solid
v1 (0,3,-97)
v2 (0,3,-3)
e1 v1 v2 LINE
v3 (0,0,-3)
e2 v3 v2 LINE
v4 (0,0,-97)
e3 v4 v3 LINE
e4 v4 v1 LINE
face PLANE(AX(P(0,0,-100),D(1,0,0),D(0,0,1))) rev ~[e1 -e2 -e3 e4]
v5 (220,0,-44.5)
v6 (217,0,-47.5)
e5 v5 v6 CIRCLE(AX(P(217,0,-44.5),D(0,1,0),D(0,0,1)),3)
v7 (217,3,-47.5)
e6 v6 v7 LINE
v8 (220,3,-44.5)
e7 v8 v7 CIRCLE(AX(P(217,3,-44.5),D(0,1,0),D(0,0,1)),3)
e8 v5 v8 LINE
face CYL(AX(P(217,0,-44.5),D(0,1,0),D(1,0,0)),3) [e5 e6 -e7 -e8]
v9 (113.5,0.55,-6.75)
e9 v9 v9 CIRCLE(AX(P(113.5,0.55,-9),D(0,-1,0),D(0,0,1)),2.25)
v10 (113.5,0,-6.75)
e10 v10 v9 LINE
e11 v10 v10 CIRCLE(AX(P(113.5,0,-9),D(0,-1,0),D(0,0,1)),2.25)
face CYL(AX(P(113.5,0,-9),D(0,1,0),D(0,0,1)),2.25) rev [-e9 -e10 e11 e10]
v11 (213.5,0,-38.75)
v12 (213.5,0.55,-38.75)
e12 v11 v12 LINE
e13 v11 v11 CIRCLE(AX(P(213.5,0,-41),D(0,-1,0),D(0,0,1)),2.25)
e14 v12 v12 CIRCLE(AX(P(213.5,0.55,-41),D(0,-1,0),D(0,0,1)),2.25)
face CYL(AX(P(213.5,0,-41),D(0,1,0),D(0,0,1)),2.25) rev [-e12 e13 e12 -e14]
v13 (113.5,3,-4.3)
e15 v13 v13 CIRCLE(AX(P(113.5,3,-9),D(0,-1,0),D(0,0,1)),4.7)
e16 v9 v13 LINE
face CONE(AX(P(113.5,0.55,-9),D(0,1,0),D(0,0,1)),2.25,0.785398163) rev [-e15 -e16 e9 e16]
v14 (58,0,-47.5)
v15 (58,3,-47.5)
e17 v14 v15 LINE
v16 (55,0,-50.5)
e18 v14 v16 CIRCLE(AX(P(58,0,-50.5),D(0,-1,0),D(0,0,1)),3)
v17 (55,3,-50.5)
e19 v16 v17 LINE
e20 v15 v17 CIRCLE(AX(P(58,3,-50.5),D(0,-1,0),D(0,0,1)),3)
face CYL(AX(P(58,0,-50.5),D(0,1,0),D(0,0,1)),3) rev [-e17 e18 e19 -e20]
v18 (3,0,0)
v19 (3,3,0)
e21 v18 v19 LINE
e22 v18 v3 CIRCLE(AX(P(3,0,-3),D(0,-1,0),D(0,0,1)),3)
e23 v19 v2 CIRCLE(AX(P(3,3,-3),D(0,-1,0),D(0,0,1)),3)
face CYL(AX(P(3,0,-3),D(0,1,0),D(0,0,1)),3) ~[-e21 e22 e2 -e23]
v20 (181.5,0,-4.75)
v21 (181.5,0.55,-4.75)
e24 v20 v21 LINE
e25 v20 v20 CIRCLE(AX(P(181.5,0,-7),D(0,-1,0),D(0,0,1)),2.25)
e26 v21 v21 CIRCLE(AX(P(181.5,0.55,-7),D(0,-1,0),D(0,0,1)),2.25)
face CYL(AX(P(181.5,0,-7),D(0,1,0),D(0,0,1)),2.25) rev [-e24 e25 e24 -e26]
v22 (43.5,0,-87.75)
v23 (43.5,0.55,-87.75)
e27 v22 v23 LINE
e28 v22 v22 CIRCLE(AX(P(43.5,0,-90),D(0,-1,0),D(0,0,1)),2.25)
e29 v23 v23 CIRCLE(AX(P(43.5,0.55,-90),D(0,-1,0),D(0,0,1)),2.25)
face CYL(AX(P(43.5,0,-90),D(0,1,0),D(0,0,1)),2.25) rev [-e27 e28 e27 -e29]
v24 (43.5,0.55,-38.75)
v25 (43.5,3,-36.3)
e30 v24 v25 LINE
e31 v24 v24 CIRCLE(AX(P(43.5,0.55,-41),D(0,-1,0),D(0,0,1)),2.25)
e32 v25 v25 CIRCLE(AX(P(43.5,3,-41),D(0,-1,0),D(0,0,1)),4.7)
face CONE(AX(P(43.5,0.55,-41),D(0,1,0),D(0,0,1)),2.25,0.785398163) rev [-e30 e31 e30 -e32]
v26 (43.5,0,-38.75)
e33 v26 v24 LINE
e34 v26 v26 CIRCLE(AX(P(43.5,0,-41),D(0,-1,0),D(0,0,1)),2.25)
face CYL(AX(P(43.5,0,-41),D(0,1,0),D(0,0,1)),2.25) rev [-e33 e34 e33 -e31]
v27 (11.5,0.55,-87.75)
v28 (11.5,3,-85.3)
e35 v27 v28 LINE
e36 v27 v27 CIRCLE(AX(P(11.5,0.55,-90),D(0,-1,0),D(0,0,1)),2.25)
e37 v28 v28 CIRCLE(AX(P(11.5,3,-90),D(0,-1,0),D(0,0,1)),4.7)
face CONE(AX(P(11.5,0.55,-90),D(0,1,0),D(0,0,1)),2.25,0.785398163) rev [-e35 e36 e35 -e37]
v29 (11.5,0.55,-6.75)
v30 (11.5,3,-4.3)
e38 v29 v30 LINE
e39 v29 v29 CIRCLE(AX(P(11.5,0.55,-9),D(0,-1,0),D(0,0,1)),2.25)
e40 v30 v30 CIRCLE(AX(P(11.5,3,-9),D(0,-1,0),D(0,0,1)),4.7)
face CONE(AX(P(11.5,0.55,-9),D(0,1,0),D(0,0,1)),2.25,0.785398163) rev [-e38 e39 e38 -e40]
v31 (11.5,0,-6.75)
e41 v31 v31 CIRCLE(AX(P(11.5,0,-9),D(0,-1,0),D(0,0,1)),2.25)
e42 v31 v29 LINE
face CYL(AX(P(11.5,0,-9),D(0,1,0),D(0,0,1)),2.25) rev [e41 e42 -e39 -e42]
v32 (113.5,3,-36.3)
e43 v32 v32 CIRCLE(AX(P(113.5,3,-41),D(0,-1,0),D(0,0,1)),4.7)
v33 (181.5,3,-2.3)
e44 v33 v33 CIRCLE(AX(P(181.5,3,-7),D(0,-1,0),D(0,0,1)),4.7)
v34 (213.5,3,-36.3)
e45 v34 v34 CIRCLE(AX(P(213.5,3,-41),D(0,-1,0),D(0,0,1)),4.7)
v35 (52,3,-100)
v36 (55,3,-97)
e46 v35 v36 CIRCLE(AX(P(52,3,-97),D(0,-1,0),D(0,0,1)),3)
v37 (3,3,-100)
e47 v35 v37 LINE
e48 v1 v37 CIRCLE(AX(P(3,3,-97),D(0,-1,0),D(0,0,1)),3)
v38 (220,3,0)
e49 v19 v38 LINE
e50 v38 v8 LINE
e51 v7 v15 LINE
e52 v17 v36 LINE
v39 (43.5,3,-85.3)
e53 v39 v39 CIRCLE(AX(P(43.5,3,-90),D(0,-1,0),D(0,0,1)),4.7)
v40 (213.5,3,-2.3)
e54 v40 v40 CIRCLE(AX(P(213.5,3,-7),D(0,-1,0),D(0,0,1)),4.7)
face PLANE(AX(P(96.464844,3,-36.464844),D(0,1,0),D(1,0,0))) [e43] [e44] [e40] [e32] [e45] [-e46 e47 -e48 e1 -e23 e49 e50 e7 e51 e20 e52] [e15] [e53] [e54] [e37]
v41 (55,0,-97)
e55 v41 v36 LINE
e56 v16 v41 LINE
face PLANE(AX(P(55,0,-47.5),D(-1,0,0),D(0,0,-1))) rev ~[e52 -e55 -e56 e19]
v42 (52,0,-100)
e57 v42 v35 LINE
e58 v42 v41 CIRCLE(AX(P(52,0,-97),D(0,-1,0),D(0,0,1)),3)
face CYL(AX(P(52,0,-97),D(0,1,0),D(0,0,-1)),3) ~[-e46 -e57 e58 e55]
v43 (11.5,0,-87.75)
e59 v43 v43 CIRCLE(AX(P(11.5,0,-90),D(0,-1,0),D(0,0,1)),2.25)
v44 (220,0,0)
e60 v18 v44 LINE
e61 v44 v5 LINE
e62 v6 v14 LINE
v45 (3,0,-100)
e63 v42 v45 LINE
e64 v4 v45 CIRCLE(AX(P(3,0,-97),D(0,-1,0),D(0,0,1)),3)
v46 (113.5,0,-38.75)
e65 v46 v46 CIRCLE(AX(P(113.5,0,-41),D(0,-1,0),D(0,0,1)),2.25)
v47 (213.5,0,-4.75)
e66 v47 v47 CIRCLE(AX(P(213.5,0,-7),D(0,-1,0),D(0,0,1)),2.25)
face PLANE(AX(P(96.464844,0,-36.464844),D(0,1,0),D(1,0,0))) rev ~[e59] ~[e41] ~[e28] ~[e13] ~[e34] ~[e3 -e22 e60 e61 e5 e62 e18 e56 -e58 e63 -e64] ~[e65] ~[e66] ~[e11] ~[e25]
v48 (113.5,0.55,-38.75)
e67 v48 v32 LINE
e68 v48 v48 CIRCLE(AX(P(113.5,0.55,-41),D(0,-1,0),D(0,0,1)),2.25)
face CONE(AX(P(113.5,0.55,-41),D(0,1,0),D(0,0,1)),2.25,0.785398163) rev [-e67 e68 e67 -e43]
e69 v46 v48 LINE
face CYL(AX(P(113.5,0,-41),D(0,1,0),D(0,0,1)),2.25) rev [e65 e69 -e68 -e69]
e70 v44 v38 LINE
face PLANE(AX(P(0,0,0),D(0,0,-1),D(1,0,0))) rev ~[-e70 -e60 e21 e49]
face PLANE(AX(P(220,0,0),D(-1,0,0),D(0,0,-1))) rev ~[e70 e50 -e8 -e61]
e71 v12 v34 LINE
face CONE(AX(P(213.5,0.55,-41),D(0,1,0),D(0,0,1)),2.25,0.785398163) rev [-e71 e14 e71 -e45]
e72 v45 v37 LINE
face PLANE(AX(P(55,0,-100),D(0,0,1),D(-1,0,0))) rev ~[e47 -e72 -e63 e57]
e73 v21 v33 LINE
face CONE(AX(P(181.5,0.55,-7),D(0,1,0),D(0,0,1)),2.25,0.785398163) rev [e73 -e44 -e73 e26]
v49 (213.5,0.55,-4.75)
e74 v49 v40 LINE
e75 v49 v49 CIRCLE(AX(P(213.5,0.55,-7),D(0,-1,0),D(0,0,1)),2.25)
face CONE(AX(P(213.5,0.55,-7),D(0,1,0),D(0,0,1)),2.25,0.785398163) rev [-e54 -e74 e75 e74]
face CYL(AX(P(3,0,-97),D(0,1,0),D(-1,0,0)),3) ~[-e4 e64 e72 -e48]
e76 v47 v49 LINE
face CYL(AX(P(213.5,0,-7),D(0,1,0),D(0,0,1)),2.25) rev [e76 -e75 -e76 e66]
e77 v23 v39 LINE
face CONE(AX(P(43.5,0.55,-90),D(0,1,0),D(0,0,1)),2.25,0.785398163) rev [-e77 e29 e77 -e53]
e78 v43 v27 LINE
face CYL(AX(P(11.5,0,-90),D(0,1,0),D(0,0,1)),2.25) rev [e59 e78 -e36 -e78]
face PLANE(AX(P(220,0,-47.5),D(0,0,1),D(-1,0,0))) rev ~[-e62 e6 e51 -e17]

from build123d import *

# Parameters (mm, degrees)
EXTRUDE1_DEPTH                               = 3
CSK_FOR_M4_COUNTERSUNK_FLAT_HEAD_SCR_2_COUNT = 2
CSK_FOR_M4_COUNTERSUNK_FLAT_HEAD_SCR_2_PITCH = 81
CSK_FOR_M4_COUNTERSUNK_FLAT_HEAD_SCR_3_COUNT = 2
CSK_FOR_M4_COUNTERSUNK_FLAT_HEAD_SCR_3_PITCH = 58.523499554
CSK_FOR_M4_COUNTERSUNK_FLAT_HEAD_SCR_4_COUNT = 2
CSK_FOR_M4_COUNTERSUNK_FLAT_HEAD_SCR_4_PITCH = 32
CSK_FOR_M4_COUNTERSUNK_FLAT_HEAD_SCR_5_COUNT = 2
CSK_FOR_M4_COUNTERSUNK_FLAT_HEAD_SCR_5_PITCH = 113.159179919
CSK_FOR_M4_COUNTERSUNK_FLAT_HEAD_SCR_6_COUNT = 2
CSK_FOR_M4_COUNTERSUNK_FLAT_HEAD_SCR_6_PITCH = 130.249760077
CSK_FOR_M4_COUNTERSUNK_FLAT_HEAD_SCR_7_COUNT = 2
CSK_FOR_M4_COUNTERSUNK_FLAT_HEAD_SCR_7_PITCH = 189.179808648
CSK_FOR_M4_COUNTERSUNK_FLAT_HEAD_SCR_8_COUNT = 2
CSK_FOR_M4_COUNTERSUNK_FLAT_HEAD_SCR_8_PITCH = 218.387270691
CSK_FOR_M4_COUNTERSUNK_FLAT_HEAD_SCR_9_COUNT = 2
CSK_FOR_M4_COUNTERSUNK_FLAT_HEAD_SCR_9_PITCH = 207.858124691
FILLET1_R                                    = 3


with BuildPart() as part:
    # Sketch1 → Extrude1 (new body)
    with BuildSketch(Plane(origin=(0, 0, 0), x_dir=(1, 0, 0), z_dir=(0, 1, 0))):
        Polygon((0, 0), (220, 0), (220, 47.5), (55, 47.5), (55, 100), (0, 100), align=None)
    extrude(amount=EXTRUDE1_DEPTH)

    # Sketch3 → CSK for M4 Countersunk Flat Head Screw1 (revolve, cut)
    with BuildSketch(Plane(origin=(11.5, 3, -90), x_dir=(0, 0, 1), z_dir=(1, 0, 0))):
        Polygon((0, 0), (0, 3), (2.25, 3), (2.25, 2.45), (4.7, 0), align=None)
    csk_for_m4_countersunk_flat_head_screw1 = revolve(axis=Axis((11.5, 9.35, -90), (0, -1, 0)), mode=Mode.SUBTRACT)

    # CSK for M4 Countersunk Flat Head Scr 2: CSK for M4 Countersunk Flat Head Screw1 ×2
    with Locations(*[(0, 0, i * CSK_FOR_M4_COUNTERSUNK_FLAT_HEAD_SCR_2_PITCH) for i in range(1, CSK_FOR_M4_COUNTERSUNK_FLAT_HEAD_SCR_2_COUNT)]):
        add(csk_for_m4_countersunk_flat_head_screw1, mode=Mode.SUBTRACT)

    # CSK for M4 Countersunk Flat Head Scr 3: CSK for M4 Countersunk Flat Head Screw1 ×2
    with Locations(*[Vector(0.546788901, 0, 0.837270505) * (i * CSK_FOR_M4_COUNTERSUNK_FLAT_HEAD_SCR_3_PITCH) for i in range(1, CSK_FOR_M4_COUNTERSUNK_FLAT_HEAD_SCR_3_COUNT)]):
        add(csk_for_m4_countersunk_flat_head_screw1, mode=Mode.SUBTRACT)

    # CSK for M4 Countersunk Flat Head Scr 4: CSK for M4 Countersunk Flat Head Screw1 ×2
    with Locations(*[(i * CSK_FOR_M4_COUNTERSUNK_FLAT_HEAD_SCR_4_PITCH, 0, 0) for i in range(1, CSK_FOR_M4_COUNTERSUNK_FLAT_HEAD_SCR_4_COUNT)]):
        add(csk_for_m4_countersunk_flat_head_screw1, mode=Mode.SUBTRACT)

    # CSK for M4 Countersunk Flat Head Scr 5: CSK for M4 Countersunk Flat Head Screw1 ×2
    with Locations(*[Vector(0.901385111, 0, 0.433018338) * (i * CSK_FOR_M4_COUNTERSUNK_FLAT_HEAD_SCR_5_PITCH) for i in range(1, CSK_FOR_M4_COUNTERSUNK_FLAT_HEAD_SCR_5_COUNT)]):
        add(csk_for_m4_countersunk_flat_head_screw1, mode=Mode.SUBTRACT)

    # CSK for M4 Countersunk Flat Head Scr 6: CSK for M4 Countersunk Flat Head Screw1 ×2
    with Locations(*[Vector(0.783110847, 0, 0.621882144) * (i * CSK_FOR_M4_COUNTERSUNK_FLAT_HEAD_SCR_6_PITCH) for i in range(1, CSK_FOR_M4_COUNTERSUNK_FLAT_HEAD_SCR_6_COUNT)]):
        add(csk_for_m4_countersunk_flat_head_screw1, mode=Mode.SUBTRACT)

    # CSK for M4 Countersunk Flat Head Scr 7: CSK for M4 Countersunk Flat Head Screw1 ×2
    with Locations(*[Vector(0.898615985, 0, 0.43873604) * (i * CSK_FOR_M4_COUNTERSUNK_FLAT_HEAD_SCR_7_PITCH) for i in range(1, CSK_FOR_M4_COUNTERSUNK_FLAT_HEAD_SCR_7_COUNT)]):
        add(csk_for_m4_countersunk_flat_head_screw1, mode=Mode.SUBTRACT)

    # CSK for M4 Countersunk Flat Head Scr 8: CSK for M4 Countersunk Flat Head Screw1 ×2
    with Locations(*[Vector(0.924962336, 0, 0.380058782) * (i * CSK_FOR_M4_COUNTERSUNK_FLAT_HEAD_SCR_8_PITCH) for i in range(1, CSK_FOR_M4_COUNTERSUNK_FLAT_HEAD_SCR_8_COUNT)]):
        add(csk_for_m4_countersunk_flat_head_screw1, mode=Mode.SUBTRACT)

    # CSK for M4 Countersunk Flat Head Scr 9: CSK for M4 Countersunk Flat Head Screw1 ×2
    with Locations(*[Vector(0.971816715, 0, 0.235737718) * (i * CSK_FOR_M4_COUNTERSUNK_FLAT_HEAD_SCR_9_PITCH) for i in range(1, CSK_FOR_M4_COUNTERSUNK_FLAT_HEAD_SCR_9_COUNT)]):
        add(csk_for_m4_countersunk_flat_head_screw1, mode=Mode.SUBTRACT)

    # Fillet1
    fillet1_edges = [part.edges().sort_by_distance(p)[0] for p in [
        (0, 1.5, -100),
        (55, 1.5, -100),
        (55, 1.5, -47.5),
        (220, 1.5, -47.5),
        (0, 1.5, 0),
    ]]
    fillet(fillet1_edges, radius=FILLET1_R)


solid = part.part
